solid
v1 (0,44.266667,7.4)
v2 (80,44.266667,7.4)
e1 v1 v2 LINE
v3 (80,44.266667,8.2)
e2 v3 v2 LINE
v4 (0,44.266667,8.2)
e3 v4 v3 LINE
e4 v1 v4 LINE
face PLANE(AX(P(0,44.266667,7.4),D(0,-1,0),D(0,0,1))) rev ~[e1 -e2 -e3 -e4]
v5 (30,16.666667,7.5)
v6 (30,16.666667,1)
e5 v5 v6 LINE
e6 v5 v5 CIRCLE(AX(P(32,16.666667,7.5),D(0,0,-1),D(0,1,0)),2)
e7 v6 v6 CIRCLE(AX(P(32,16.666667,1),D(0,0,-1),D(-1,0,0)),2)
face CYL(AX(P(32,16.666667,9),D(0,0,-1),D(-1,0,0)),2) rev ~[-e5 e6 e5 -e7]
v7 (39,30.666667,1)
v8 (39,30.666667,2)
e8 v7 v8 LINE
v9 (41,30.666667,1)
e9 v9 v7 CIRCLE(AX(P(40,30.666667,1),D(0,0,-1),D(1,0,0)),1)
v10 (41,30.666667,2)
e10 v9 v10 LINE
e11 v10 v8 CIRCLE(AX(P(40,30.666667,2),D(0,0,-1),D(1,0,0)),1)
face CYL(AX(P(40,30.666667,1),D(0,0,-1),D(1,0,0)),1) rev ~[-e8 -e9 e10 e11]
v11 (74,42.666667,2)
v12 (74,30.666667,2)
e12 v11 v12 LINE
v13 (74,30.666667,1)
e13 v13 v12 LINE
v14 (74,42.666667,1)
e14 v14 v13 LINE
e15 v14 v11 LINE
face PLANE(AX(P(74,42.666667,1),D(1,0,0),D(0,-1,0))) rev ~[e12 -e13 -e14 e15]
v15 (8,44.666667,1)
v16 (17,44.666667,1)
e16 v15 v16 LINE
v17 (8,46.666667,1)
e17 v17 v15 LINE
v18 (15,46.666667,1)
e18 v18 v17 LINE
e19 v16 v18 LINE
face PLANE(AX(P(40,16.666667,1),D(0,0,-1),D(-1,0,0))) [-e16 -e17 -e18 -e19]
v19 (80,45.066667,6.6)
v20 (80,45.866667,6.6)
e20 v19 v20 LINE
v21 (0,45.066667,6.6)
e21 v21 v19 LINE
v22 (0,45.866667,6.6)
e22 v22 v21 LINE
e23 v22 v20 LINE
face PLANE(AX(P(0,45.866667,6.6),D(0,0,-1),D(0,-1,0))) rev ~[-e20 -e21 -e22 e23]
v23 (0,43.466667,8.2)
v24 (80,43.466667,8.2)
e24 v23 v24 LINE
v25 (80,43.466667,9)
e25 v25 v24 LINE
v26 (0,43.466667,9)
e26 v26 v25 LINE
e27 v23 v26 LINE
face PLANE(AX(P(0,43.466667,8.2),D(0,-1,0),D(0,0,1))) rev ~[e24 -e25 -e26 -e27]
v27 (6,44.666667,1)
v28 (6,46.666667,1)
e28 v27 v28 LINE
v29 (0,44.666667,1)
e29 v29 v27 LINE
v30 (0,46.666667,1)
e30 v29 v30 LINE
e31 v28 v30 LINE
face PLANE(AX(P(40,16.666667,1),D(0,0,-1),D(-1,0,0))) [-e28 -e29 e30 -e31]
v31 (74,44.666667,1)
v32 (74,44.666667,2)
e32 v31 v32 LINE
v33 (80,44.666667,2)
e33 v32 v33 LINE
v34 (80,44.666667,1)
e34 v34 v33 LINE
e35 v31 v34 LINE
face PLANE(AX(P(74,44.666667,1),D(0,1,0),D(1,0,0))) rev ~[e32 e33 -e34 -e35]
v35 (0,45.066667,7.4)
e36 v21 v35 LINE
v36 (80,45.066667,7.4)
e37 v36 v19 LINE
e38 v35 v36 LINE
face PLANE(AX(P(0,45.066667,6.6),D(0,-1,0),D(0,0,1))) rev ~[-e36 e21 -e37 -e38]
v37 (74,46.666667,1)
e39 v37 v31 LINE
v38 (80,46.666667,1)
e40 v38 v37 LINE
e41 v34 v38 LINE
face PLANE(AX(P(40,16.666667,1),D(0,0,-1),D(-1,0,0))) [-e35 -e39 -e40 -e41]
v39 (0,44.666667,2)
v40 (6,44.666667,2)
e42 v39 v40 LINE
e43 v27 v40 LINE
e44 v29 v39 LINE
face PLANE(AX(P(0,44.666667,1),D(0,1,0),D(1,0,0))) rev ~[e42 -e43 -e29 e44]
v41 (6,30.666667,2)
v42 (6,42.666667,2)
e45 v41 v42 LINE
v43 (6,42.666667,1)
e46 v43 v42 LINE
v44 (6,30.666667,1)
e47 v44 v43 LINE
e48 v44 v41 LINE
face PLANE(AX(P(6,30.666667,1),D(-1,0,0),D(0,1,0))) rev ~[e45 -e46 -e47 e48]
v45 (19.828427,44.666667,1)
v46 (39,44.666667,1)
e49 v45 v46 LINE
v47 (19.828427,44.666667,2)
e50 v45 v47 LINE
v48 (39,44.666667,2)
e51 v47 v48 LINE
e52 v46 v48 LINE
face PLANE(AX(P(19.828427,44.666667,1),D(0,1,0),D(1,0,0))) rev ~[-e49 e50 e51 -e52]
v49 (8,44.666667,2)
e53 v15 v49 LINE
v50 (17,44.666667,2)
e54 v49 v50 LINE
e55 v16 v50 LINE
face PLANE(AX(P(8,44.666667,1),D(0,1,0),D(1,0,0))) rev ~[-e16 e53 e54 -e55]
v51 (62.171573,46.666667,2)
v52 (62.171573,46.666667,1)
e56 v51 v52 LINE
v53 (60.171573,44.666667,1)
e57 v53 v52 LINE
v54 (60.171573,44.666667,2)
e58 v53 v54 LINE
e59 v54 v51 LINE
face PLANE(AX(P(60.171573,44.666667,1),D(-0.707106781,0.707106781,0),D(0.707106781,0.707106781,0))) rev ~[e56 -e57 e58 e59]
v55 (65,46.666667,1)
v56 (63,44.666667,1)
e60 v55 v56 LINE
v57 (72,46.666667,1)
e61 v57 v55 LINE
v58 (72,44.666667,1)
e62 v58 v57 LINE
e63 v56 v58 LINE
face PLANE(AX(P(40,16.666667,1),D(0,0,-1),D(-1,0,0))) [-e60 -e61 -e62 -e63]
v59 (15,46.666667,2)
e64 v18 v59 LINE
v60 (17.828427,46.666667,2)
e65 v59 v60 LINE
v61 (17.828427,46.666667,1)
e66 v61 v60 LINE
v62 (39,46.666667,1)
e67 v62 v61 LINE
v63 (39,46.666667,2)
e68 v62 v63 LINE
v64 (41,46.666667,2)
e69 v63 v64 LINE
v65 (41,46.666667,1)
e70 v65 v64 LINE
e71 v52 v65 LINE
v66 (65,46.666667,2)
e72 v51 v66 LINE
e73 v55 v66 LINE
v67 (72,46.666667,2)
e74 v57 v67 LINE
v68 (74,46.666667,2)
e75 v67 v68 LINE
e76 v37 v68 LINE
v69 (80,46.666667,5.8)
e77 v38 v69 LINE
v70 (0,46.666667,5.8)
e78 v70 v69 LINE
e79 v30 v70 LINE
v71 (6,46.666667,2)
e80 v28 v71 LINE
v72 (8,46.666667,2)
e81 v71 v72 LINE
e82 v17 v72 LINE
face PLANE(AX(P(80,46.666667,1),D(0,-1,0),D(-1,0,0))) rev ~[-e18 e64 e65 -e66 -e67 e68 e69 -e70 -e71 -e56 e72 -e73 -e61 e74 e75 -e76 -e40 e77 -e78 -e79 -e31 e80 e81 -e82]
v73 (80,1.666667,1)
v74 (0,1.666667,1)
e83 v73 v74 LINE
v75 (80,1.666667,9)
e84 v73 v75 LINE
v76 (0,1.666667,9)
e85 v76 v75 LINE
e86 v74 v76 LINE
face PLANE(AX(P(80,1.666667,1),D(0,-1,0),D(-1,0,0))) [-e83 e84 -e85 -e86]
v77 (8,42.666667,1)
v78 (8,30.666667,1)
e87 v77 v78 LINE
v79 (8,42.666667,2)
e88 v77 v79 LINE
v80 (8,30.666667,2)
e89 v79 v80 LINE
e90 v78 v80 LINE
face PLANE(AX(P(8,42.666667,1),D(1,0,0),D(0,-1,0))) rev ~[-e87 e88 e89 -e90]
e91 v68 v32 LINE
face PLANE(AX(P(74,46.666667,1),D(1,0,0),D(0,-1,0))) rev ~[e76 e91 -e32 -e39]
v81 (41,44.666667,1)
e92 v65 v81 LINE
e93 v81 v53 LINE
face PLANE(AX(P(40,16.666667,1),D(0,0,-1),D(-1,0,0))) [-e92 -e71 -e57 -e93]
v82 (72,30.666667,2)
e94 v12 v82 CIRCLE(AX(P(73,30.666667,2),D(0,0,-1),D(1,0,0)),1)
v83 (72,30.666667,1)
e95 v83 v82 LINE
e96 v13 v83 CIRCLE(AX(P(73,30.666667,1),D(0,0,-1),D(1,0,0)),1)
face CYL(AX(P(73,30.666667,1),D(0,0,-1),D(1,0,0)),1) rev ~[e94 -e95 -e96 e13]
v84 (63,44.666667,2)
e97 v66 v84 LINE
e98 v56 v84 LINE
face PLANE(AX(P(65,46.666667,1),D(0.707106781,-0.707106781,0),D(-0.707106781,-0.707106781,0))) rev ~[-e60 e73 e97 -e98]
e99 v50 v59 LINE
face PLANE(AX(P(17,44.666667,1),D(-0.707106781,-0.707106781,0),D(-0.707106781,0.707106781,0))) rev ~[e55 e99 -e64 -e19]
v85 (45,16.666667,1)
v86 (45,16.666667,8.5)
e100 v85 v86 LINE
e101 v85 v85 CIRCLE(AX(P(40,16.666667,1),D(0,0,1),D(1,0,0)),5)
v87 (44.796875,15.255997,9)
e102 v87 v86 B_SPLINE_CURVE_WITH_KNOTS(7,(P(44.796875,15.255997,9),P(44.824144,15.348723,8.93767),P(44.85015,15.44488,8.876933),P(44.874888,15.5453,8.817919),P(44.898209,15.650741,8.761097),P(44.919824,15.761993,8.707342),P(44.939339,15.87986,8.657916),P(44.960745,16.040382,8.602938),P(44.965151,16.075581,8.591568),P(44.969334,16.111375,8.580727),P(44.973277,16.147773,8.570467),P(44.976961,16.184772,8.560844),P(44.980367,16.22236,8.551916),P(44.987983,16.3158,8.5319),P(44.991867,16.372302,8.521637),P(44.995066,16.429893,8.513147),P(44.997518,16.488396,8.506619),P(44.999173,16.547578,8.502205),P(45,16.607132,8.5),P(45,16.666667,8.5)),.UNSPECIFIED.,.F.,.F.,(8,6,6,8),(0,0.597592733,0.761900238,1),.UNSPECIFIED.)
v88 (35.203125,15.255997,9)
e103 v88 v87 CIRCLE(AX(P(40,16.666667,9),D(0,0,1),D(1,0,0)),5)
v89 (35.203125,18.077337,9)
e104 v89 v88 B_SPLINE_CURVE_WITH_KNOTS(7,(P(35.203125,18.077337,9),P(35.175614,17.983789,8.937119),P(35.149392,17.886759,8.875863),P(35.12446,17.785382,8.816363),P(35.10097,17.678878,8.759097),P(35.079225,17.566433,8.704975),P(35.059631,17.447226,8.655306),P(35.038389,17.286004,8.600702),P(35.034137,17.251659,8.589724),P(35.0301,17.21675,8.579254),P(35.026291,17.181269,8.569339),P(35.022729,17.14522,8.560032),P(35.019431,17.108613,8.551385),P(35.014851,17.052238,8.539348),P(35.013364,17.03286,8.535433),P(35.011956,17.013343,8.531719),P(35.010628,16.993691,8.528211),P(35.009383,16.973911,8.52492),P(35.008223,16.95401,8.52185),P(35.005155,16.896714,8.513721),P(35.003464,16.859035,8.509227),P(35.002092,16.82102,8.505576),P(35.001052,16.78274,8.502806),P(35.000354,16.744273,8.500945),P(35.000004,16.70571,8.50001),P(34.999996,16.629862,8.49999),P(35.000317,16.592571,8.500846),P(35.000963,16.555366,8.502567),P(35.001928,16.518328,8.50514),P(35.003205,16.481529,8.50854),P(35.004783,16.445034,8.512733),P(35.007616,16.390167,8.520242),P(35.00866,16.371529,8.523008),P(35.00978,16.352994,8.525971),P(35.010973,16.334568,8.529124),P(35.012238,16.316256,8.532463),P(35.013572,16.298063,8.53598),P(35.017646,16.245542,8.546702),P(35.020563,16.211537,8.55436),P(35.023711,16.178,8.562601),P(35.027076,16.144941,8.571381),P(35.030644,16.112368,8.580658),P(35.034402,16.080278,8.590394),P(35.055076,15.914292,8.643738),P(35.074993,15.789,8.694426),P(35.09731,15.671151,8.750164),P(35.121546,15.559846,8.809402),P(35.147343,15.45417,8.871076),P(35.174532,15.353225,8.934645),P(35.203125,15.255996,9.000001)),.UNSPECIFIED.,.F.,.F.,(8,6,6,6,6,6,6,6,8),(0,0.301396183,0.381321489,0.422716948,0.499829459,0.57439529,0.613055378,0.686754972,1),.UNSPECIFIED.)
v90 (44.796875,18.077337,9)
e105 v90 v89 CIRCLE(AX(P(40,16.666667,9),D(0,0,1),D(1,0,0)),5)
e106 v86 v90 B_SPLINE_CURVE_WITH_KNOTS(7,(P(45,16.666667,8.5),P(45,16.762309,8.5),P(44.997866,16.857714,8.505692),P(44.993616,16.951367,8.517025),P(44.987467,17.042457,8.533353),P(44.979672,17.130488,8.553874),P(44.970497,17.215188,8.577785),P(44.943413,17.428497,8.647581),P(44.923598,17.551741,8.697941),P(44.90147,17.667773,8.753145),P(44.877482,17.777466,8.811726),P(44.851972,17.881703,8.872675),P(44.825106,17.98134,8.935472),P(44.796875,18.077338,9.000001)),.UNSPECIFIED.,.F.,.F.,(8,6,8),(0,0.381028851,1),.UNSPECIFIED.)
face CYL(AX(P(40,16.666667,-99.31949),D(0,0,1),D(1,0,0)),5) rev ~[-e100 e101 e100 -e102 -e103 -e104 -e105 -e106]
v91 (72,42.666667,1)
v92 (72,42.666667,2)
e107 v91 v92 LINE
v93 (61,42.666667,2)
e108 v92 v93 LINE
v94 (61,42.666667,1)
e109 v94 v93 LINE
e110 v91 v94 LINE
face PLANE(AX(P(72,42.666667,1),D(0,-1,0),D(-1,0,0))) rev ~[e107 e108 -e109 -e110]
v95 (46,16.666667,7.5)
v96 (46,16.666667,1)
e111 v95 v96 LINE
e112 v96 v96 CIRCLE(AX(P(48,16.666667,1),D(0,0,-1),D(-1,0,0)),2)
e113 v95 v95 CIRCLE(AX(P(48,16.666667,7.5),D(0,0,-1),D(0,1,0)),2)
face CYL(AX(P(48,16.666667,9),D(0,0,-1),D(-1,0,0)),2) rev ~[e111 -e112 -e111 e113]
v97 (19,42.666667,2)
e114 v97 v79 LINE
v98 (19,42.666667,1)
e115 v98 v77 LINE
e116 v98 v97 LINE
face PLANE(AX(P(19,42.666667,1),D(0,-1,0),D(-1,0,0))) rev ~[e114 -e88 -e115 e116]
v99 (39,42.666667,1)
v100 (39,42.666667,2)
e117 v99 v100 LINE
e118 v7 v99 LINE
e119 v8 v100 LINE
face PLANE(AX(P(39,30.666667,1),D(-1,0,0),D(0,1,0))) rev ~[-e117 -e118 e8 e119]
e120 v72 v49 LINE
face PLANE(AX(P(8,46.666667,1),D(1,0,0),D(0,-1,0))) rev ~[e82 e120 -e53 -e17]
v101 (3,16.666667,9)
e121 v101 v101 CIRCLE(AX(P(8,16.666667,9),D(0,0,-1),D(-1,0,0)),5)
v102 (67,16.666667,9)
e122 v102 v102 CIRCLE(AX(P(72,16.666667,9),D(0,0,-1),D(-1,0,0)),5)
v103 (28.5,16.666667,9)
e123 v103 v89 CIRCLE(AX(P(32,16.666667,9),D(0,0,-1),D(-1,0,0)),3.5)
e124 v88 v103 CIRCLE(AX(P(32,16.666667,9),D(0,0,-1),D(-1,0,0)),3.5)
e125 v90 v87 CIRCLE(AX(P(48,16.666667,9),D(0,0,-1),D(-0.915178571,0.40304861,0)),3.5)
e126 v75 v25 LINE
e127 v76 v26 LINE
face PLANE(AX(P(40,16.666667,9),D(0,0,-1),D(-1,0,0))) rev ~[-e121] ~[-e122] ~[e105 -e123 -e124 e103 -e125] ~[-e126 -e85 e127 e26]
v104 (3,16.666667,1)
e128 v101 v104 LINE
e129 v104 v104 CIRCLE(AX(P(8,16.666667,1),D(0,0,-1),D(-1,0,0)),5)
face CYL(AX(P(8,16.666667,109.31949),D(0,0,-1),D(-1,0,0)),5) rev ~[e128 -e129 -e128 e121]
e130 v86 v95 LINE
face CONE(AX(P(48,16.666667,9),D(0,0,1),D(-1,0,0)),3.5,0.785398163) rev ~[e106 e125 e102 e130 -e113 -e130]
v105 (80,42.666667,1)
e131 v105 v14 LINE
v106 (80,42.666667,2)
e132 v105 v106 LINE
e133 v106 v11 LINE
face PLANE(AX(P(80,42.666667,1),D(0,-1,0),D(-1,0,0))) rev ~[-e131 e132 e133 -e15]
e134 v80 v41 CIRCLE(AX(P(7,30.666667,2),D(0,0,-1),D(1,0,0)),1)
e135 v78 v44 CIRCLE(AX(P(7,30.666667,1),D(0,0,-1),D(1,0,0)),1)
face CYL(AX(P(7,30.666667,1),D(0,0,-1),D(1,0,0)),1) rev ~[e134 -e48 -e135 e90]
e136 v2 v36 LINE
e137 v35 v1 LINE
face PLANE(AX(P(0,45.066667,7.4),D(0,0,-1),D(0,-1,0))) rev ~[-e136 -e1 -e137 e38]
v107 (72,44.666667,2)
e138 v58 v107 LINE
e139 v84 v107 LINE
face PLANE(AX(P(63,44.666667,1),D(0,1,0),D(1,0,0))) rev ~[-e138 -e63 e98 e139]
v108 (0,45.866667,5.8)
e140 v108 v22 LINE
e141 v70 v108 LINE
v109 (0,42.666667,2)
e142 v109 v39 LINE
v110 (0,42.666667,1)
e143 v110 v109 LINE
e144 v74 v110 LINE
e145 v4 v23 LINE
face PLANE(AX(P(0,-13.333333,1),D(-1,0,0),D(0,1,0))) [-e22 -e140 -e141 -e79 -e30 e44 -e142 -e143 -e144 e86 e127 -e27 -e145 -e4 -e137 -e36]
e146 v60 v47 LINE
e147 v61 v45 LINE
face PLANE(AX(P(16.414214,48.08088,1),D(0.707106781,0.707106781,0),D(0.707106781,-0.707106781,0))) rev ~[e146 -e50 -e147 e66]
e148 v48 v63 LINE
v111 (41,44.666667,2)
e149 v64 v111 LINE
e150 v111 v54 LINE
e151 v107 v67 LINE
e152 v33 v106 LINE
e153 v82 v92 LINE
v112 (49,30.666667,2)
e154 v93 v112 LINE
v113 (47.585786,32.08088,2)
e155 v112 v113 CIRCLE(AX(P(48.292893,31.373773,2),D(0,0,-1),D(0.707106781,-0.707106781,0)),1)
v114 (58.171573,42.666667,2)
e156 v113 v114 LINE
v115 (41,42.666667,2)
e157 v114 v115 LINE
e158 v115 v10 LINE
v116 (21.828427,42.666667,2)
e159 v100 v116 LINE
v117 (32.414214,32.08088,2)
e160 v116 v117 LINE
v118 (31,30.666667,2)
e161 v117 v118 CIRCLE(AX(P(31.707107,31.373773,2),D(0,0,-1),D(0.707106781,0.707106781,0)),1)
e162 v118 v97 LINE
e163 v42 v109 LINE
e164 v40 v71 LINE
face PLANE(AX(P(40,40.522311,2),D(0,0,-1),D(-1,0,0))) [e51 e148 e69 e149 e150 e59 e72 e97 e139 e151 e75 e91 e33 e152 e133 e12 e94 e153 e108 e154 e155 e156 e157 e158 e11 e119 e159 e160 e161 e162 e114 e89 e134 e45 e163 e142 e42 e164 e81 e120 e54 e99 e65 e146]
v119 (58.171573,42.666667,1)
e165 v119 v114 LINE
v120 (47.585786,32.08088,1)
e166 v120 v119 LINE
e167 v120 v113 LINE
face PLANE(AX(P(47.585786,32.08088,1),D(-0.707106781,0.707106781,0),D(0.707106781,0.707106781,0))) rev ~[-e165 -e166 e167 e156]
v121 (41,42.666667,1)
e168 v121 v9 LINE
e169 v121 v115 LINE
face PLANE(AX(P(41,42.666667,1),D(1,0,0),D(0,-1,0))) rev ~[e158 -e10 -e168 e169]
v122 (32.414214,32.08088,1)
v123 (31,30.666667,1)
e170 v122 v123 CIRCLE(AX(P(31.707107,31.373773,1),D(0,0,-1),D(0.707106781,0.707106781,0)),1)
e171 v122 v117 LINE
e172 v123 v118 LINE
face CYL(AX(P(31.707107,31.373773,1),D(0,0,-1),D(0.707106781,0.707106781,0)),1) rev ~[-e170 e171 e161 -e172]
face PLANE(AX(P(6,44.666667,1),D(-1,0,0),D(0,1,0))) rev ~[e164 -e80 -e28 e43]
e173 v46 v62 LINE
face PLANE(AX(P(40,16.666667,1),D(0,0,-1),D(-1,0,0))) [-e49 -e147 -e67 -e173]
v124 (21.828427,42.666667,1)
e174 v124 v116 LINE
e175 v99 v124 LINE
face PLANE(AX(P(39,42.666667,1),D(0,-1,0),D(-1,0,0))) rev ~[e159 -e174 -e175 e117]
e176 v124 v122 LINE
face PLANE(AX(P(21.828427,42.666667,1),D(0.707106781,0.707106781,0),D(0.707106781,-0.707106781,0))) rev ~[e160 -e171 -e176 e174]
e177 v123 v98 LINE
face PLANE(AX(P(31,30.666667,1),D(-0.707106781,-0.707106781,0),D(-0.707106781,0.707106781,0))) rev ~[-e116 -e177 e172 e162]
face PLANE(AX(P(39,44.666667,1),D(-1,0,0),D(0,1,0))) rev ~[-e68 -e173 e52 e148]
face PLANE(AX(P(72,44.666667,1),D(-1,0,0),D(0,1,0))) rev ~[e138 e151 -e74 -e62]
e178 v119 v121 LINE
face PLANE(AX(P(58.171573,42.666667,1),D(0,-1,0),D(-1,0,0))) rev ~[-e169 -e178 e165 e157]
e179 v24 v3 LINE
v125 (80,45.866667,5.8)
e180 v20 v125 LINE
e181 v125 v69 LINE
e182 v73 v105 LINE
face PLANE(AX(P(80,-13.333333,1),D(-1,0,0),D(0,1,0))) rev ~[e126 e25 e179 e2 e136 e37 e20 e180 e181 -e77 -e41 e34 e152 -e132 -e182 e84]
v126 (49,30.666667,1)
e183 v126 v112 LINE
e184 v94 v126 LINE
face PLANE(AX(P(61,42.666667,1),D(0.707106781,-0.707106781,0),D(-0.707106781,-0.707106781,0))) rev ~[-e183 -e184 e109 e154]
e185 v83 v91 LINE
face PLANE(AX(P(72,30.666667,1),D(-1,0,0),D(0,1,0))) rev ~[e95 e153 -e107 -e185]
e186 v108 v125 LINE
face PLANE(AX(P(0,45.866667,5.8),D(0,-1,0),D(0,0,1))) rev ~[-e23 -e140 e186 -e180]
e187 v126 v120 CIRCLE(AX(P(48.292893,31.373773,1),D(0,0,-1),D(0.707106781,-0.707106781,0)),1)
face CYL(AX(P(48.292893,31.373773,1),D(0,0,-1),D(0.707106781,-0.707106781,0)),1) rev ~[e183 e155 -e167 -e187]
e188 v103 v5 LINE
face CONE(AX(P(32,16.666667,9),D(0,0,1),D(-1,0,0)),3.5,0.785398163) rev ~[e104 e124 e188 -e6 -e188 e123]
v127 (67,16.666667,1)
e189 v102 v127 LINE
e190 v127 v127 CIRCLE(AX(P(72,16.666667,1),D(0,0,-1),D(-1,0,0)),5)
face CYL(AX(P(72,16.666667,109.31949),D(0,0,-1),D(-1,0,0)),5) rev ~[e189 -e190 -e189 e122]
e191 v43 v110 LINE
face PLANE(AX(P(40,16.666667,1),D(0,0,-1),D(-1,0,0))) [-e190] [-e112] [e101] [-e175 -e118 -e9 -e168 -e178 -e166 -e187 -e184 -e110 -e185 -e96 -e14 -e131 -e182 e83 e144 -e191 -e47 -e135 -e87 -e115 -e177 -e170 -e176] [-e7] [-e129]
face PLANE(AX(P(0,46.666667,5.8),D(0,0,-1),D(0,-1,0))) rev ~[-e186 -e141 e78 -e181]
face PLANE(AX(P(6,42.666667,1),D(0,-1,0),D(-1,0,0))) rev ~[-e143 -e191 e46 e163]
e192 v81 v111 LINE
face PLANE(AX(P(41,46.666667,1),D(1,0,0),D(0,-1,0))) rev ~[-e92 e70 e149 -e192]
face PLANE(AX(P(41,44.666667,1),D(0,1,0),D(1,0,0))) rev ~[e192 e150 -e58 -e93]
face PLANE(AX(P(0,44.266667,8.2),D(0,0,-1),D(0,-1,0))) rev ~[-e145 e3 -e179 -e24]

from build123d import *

# Parameters (mm, degrees)
SKETCH_1_W                     = 80
SKETCH_1_H                     = 60
EXTRUDE_1_DEPTH                = 8
HOLE_WIZARD_10_0_10_1_D        = 10
HOLE_WIZARD_10_0_10_2_D        = 10
HOLE_WIZARD_M3_5_1_D           = 4
HOLE_WIZARD_M3_5_1_CSINK_D     = 7
HOLE_WIZARD_M3_5_1_CSINK_ANGLE = 90
CUT_EXTRUDE_1_DEPTH            = 1
CUT_EXTRUDE_2_REACH            = 95.053
CUT_EXTRUDE_3_REACH            = 94.961
SKETCH_29_W                    = 80
SKETCH_29_H                    = 15


with BuildPart() as part:
    # 草图1 → 凸台-拉伸1 (new body)
    with BuildSketch(Plane(origin=(0, 0, 1), x_dir=(-1, 0, 0), z_dir=(0, 0, -1))):
        with Locations((-40, 16.666666667)):
            Rectangle(SKETCH_1_W, SKETCH_1_H)
    extrude(amount=-EXTRUDE_1_DEPTH)

    # Ø10.0 (10) 直径孔1 (through all)
    with Locations(Plane.XY.offset(9)):
        with Locations((72, 16.666666667), (8, 16.666666667)):
            Hole(HOLE_WIZARD_10_0_10_1_D / 2)

    # Ø10.0 (10) 直径孔2 (through all)
    with Locations(Plane(origin=(0, 0, 1), x_dir=(-1, 0, 0), z_dir=(0, 0, -1))):
        with Locations((-40, 16.666666667)):
            Hole(HOLE_WIZARD_10_0_10_2_D / 2)

    # M3.5 平头机械螺钉的锥形沉头孔1 (through all)
    with Locations(Plane.XY.offset(9)):
        with Locations((32, 16.666666667), (48, 16.666666667)):
            CounterSinkHole(HOLE_WIZARD_M3_5_1_D / 2, HOLE_WIZARD_M3_5_1_CSINK_D / 2, counter_sink_angle=HOLE_WIZARD_M3_5_1_CSINK_ANGLE)

    # 草图27 → 切除-拉伸1 (cut)
    with BuildSketch(Plane(origin=(0, 0, 1), x_dir=(-1, 0, 0), z_dir=(0, 0, -1))):
        with BuildLine():
            ThreePointArc((-41, 30.666666667), (-40, 29.666666667), (-39, 30.666666667))
            Line((-39, 30.666666667), (-39, 42.666666667))
            Line((-39, 42.666666667), (-21.828427125, 42.666666667))
            Line((-21.828427125, 42.666666667), (-32.414213562, 32.080880229))
            ThreePointArc((-32.414213562, 32.080880229), (-32.414213562, 30.666666667), (-31, 30.666666667))
            Line((-31, 30.666666667), (-19, 42.666666667))
            Line((-19, 42.666666667), (-8, 42.666666667))
            Line((-8, 42.666666667), (-8, 30.666666667))
            ThreePointArc((-8, 30.666666667), (-7, 29.666666667), (-6, 30.666666667))
            Line((-6, 30.666666667), (-6, 42.666666667))
            Line((-6, 42.666666667), (0, 42.666666667))
            Line((0, 42.666666667), (0, 44.666666667))
            Line((0, 44.666666667), (-6, 44.666666667))
            Line((-6, 44.666666667), (-6, 46.666666667))
            Line((-6, 46.666666667), (-8, 46.666666667))
            Line((-8, 46.666666667), (-8, 44.666666667))
            Line((-8, 44.666666667), (-17, 44.666666667))
            Line((-17, 44.666666667), (-15, 46.666666667))
            Line((-15, 46.666666667), (-16.414213562, 48.080880229))
            Line((-16.414213562, 48.080880229), (-19.828427125, 44.666666667))
            Line((-19.828427125, 44.666666667), (-39, 44.666666667))
            Line((-39, 44.666666667), (-39, 46.666666667))
            Line((-39, 46.666666667), (-41, 46.666666667))
            Line((-41, 46.666666667), (-41, 44.666666667))
            Line((-41, 44.666666667), (-60.171572875, 44.666666667))
            Line((-60.171572875, 44.666666667), (-63.585786438, 48.080880229))
            Line((-63.585786438, 48.080880229), (-65, 46.666666667))
            Line((-65, 46.666666667), (-63, 44.666666667))
            Line((-63, 44.666666667), (-72, 44.666666667))
            Line((-72, 44.666666667), (-72, 46.666666667))
            Line((-72, 46.666666667), (-74, 46.666666667))
            Line((-74, 46.666666667), (-74, 44.666666667))
            Line((-74, 44.666666667), (-80, 44.666666667))
            Line((-80, 44.666666667), (-80, 42.666666667))
            Line((-80, 42.666666667), (-74, 42.666666667))
            Line((-74, 42.666666667), (-74, 30.666666667))
            ThreePointArc((-74, 30.666666667), (-73, 29.666666667), (-72, 30.666666667))
            Line((-72, 30.666666667), (-72, 42.666666667))
            Line((-72, 42.666666667), (-61, 42.666666667))
            Line((-61, 42.666666667), (-49, 30.666666667))
            ThreePointArc((-49, 30.666666667), (-47.585786438, 30.666666667), (-47.585786438, 32.080880229))
            Line((-47.585786438, 32.080880229), (-58.171572875, 42.666666667))
            Line((-58.171572875, 42.666666667), (-41, 42.666666667))
            Line((-41, 42.666666667), (-41, 30.666666667))
        make_face()
    extrude(amount=-CUT_EXTRUDE_1_DEPTH, mode=Mode.SUBTRACT)

    # 草图28 → 切除-拉伸2 (cut, up to next)
    with BuildSketch(Plane.ZY, mode=Mode.PRIVATE) as cut_extrude_2_sk1:
        Polygon((9, 46.666666667), (5.8, 46.666666667), (5.8, 45.866666667), (6.6, 45.866666667), (6.6, 45.066666667), (7.4, 45.066666667), (7.4, 44.266666667), (8.2, 44.266666667), (8.2, 43.466666667), (9, 43.466666667), align=None)
    cut_extrude_2_tool1 = extrude(cut_extrude_2_sk1.sketch, amount=-CUT_EXTRUDE_2_REACH, mode=Mode.PRIVATE) & part.part
    add(cut_extrude_2_tool1.solids().sort_by_distance((0, 45.466667, 7.8))[0], mode=Mode.SUBTRACT)

    # 草图29 → 切除-拉伸3 (cut, up to next)
    with BuildSketch(Plane(origin=(0, 0, 1), x_dir=(-1, 0, 0), z_dir=(0, 0, -1)), mode=Mode.PRIVATE) as cut_extrude_3_sk1:
        with Locations((-40, -5.833333333)):
            Rectangle(SKETCH_29_W, SKETCH_29_H)
    cut_extrude_3_tool1 = extrude(cut_extrude_3_sk1.sketch, amount=-CUT_EXTRUDE_3_REACH, mode=Mode.PRIVATE) & part.part
    add(cut_extrude_3_tool1.solids().sort_by_distance((40, -5.833333, 1))[0], mode=Mode.SUBTRACT)


solid = part.part
